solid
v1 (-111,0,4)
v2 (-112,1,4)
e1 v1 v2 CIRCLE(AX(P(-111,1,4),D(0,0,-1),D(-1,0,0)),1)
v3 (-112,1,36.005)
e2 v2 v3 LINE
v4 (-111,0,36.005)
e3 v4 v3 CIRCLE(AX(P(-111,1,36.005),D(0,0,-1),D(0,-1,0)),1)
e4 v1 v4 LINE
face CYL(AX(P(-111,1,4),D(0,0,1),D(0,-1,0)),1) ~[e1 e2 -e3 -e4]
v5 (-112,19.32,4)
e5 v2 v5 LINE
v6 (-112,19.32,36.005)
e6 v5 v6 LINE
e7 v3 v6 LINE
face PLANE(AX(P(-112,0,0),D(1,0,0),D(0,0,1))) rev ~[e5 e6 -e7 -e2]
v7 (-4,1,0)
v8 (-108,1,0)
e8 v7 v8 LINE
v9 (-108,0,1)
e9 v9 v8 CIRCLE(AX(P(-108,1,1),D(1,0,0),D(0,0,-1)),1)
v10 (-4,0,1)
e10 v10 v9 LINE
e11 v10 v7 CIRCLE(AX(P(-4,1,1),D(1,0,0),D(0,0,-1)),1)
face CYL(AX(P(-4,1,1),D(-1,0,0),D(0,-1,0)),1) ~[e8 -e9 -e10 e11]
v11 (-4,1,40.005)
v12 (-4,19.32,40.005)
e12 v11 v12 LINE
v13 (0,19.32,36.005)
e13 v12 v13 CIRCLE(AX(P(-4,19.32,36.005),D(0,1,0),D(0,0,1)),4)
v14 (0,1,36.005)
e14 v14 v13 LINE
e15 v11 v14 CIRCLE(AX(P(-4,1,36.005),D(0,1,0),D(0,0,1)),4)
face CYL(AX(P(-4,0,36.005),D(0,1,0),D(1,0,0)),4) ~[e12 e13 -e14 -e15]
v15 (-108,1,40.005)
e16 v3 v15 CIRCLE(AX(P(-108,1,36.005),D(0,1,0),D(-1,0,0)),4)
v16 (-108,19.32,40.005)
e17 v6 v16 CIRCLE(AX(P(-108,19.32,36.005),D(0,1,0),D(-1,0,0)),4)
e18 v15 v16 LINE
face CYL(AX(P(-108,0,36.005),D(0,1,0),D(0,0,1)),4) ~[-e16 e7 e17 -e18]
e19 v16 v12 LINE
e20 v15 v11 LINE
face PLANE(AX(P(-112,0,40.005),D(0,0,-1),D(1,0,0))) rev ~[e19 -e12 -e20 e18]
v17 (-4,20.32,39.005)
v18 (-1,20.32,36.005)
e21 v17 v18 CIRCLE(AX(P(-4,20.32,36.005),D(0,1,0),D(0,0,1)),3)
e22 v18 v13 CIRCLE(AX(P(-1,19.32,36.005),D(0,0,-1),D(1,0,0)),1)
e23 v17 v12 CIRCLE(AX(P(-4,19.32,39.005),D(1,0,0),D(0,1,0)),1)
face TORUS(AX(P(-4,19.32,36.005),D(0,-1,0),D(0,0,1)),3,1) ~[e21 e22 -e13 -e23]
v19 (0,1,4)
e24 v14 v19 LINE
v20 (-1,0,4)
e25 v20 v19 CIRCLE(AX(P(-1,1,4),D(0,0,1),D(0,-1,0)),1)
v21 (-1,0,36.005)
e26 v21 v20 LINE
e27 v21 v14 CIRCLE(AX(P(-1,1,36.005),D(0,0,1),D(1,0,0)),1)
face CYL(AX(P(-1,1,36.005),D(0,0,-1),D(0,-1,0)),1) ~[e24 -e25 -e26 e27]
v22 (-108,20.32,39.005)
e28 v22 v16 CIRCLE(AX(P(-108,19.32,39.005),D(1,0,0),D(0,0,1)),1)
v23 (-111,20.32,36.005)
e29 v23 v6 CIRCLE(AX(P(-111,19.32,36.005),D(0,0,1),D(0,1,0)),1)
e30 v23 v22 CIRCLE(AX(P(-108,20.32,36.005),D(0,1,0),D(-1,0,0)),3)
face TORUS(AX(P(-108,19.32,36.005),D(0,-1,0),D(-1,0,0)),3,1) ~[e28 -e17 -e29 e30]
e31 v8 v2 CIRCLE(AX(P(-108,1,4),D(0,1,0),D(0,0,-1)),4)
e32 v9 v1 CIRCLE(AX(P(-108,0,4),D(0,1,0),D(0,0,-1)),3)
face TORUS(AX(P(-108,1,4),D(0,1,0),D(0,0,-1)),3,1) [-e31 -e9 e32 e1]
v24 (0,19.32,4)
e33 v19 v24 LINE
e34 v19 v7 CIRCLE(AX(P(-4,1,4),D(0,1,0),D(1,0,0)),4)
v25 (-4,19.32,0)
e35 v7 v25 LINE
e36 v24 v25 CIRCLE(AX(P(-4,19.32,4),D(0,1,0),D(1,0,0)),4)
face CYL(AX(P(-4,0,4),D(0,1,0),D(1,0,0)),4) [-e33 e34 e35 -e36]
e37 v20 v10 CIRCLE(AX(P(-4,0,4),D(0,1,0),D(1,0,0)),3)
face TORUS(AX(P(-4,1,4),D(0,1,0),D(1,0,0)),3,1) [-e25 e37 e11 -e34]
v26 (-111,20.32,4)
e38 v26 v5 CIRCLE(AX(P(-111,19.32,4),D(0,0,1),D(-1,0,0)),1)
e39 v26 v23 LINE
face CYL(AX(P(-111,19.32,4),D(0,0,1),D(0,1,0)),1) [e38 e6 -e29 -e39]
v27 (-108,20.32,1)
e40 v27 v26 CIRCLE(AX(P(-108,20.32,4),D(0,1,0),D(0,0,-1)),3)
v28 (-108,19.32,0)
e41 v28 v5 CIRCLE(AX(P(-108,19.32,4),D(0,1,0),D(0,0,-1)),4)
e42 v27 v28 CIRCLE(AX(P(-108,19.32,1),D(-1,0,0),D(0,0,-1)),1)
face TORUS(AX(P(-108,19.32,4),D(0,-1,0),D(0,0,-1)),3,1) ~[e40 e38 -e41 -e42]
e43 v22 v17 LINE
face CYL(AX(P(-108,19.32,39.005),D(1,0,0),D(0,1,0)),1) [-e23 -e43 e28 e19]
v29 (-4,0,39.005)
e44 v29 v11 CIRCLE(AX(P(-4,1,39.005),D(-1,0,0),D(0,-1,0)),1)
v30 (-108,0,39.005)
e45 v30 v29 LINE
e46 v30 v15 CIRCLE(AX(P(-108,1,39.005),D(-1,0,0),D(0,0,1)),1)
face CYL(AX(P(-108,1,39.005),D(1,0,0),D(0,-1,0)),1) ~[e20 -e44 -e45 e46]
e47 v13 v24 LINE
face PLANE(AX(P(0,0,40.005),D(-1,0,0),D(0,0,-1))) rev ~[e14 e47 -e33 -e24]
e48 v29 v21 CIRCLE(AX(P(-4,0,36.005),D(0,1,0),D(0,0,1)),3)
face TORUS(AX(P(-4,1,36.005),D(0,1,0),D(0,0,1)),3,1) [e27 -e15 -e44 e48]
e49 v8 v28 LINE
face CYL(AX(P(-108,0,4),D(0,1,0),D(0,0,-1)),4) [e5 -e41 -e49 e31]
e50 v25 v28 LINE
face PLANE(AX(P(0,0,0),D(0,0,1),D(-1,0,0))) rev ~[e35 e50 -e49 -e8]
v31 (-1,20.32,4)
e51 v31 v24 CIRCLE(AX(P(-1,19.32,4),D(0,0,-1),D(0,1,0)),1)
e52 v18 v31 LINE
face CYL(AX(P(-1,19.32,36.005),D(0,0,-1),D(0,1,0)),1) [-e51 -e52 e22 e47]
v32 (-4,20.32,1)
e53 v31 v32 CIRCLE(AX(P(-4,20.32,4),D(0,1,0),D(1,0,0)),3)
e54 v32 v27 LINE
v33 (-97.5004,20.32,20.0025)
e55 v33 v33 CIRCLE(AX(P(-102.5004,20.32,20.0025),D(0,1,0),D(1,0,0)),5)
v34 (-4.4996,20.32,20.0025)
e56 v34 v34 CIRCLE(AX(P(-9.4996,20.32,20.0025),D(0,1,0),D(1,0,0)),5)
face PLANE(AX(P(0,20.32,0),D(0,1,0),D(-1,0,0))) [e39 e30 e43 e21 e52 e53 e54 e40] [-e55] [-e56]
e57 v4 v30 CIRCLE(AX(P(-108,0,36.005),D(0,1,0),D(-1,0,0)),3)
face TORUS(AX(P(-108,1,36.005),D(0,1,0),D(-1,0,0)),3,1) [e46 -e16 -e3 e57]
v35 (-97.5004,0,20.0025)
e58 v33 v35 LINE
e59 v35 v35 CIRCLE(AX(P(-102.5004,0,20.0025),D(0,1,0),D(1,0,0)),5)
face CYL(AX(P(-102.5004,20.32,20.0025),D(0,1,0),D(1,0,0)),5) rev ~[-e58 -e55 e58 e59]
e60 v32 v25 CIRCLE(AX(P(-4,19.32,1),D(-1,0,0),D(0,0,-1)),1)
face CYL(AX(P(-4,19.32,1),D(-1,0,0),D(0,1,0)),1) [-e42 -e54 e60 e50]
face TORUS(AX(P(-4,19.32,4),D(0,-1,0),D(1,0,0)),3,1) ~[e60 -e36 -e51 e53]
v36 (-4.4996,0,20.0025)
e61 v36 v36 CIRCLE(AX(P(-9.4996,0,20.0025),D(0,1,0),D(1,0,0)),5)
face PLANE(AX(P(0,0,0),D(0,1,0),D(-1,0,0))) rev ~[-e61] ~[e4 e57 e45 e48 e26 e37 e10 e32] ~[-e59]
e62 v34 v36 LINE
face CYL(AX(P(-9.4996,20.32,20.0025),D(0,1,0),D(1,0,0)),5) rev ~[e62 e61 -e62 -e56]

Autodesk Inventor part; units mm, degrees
ref_plane "YZ Plane" through (0, 0, 0) normal (1, 0, 0) x (0, 1, 0)
ref_plane "XZ Plane" through (0, 0, 0) normal (0, 1, 0) x (-1, 0, 0)
ref_plane "XY Plane" through (0, 0, 0) normal (0, 0, 1) x (1, 0, 0)
sketch "Sketch1" plane through (0, 0, 0) normal (0, 1, 0) x (-1, 0, 0)
  line L0 (0, 0) -> (112, 0)
  line L1 (112, 0) -> (112, 40.005)
  line L2 (112, 40.005) -> (0, 40.005)
  line L3 (0, 40.005) -> (0, 0)
  dimension "d0" = 112
  dimension "d1" = 40.005
extrude "Extrusion1" add sketch "Sketch1" along normal blind 20.32
sketch "Sketch2" plane through (0, 20.32, 0) normal (0, 1, 0) x (1, 0, 0)
  line L0 (-112, 0) -> (-112, -40.005) projected
  line L1 (0, -40.005) -> (0, 0) projected
  line L2 (-112, -20.0025) -> (-102.5004, -20.0025) construction
  line L3 (0, -20.0025) -> (-9.4996, -20.0025) construction
  circle A0 centre (-9.4996, -20.0025) radius 5
  circle A1 centre (-102.5004, -20.0025) radius 5
  dimension "d4" = 9.4996
  dimension "d5" = 9.4996
  dimension "d6" = 10
  dimension "d7" = 10
extrude "Extrusion2" cut sketch "Sketch2" against normal blind 20.32
fillet "Fillet1" radius 4 4 edges at (-112, 10.16, 40.005) (-112, 10.16, 0) (0, 10.16, 40.005) (0, 10.16, 0)
fillet "Fillet2" radius 1 16 edges at (-110.8284, 0, 1.1716) (-112, 0, 20.0025) (-110.8284, 0, 38.8334) (-56, 0, 40.005) (-1.1716, 0, 38.8334) (0, 0, 20.0025) (-1.1716, 0, 1.1716) (-56, 0, 0) (-110.8284, 20.32, 1.1716) (-112, 20.32, 20.0025) (-110.8284, 20.32, 38.8334) (-56, 20.32, 40.005) (-1.1716, 20.32, 38.8334) (0, 20.32, 20.0025) (-1.1716, 20.32, 1.1716) (-56, 20.32, 0)
equation "\"d5\" = d4"
properties part number "CIM Mount Top" material "Aluminum 6061"
